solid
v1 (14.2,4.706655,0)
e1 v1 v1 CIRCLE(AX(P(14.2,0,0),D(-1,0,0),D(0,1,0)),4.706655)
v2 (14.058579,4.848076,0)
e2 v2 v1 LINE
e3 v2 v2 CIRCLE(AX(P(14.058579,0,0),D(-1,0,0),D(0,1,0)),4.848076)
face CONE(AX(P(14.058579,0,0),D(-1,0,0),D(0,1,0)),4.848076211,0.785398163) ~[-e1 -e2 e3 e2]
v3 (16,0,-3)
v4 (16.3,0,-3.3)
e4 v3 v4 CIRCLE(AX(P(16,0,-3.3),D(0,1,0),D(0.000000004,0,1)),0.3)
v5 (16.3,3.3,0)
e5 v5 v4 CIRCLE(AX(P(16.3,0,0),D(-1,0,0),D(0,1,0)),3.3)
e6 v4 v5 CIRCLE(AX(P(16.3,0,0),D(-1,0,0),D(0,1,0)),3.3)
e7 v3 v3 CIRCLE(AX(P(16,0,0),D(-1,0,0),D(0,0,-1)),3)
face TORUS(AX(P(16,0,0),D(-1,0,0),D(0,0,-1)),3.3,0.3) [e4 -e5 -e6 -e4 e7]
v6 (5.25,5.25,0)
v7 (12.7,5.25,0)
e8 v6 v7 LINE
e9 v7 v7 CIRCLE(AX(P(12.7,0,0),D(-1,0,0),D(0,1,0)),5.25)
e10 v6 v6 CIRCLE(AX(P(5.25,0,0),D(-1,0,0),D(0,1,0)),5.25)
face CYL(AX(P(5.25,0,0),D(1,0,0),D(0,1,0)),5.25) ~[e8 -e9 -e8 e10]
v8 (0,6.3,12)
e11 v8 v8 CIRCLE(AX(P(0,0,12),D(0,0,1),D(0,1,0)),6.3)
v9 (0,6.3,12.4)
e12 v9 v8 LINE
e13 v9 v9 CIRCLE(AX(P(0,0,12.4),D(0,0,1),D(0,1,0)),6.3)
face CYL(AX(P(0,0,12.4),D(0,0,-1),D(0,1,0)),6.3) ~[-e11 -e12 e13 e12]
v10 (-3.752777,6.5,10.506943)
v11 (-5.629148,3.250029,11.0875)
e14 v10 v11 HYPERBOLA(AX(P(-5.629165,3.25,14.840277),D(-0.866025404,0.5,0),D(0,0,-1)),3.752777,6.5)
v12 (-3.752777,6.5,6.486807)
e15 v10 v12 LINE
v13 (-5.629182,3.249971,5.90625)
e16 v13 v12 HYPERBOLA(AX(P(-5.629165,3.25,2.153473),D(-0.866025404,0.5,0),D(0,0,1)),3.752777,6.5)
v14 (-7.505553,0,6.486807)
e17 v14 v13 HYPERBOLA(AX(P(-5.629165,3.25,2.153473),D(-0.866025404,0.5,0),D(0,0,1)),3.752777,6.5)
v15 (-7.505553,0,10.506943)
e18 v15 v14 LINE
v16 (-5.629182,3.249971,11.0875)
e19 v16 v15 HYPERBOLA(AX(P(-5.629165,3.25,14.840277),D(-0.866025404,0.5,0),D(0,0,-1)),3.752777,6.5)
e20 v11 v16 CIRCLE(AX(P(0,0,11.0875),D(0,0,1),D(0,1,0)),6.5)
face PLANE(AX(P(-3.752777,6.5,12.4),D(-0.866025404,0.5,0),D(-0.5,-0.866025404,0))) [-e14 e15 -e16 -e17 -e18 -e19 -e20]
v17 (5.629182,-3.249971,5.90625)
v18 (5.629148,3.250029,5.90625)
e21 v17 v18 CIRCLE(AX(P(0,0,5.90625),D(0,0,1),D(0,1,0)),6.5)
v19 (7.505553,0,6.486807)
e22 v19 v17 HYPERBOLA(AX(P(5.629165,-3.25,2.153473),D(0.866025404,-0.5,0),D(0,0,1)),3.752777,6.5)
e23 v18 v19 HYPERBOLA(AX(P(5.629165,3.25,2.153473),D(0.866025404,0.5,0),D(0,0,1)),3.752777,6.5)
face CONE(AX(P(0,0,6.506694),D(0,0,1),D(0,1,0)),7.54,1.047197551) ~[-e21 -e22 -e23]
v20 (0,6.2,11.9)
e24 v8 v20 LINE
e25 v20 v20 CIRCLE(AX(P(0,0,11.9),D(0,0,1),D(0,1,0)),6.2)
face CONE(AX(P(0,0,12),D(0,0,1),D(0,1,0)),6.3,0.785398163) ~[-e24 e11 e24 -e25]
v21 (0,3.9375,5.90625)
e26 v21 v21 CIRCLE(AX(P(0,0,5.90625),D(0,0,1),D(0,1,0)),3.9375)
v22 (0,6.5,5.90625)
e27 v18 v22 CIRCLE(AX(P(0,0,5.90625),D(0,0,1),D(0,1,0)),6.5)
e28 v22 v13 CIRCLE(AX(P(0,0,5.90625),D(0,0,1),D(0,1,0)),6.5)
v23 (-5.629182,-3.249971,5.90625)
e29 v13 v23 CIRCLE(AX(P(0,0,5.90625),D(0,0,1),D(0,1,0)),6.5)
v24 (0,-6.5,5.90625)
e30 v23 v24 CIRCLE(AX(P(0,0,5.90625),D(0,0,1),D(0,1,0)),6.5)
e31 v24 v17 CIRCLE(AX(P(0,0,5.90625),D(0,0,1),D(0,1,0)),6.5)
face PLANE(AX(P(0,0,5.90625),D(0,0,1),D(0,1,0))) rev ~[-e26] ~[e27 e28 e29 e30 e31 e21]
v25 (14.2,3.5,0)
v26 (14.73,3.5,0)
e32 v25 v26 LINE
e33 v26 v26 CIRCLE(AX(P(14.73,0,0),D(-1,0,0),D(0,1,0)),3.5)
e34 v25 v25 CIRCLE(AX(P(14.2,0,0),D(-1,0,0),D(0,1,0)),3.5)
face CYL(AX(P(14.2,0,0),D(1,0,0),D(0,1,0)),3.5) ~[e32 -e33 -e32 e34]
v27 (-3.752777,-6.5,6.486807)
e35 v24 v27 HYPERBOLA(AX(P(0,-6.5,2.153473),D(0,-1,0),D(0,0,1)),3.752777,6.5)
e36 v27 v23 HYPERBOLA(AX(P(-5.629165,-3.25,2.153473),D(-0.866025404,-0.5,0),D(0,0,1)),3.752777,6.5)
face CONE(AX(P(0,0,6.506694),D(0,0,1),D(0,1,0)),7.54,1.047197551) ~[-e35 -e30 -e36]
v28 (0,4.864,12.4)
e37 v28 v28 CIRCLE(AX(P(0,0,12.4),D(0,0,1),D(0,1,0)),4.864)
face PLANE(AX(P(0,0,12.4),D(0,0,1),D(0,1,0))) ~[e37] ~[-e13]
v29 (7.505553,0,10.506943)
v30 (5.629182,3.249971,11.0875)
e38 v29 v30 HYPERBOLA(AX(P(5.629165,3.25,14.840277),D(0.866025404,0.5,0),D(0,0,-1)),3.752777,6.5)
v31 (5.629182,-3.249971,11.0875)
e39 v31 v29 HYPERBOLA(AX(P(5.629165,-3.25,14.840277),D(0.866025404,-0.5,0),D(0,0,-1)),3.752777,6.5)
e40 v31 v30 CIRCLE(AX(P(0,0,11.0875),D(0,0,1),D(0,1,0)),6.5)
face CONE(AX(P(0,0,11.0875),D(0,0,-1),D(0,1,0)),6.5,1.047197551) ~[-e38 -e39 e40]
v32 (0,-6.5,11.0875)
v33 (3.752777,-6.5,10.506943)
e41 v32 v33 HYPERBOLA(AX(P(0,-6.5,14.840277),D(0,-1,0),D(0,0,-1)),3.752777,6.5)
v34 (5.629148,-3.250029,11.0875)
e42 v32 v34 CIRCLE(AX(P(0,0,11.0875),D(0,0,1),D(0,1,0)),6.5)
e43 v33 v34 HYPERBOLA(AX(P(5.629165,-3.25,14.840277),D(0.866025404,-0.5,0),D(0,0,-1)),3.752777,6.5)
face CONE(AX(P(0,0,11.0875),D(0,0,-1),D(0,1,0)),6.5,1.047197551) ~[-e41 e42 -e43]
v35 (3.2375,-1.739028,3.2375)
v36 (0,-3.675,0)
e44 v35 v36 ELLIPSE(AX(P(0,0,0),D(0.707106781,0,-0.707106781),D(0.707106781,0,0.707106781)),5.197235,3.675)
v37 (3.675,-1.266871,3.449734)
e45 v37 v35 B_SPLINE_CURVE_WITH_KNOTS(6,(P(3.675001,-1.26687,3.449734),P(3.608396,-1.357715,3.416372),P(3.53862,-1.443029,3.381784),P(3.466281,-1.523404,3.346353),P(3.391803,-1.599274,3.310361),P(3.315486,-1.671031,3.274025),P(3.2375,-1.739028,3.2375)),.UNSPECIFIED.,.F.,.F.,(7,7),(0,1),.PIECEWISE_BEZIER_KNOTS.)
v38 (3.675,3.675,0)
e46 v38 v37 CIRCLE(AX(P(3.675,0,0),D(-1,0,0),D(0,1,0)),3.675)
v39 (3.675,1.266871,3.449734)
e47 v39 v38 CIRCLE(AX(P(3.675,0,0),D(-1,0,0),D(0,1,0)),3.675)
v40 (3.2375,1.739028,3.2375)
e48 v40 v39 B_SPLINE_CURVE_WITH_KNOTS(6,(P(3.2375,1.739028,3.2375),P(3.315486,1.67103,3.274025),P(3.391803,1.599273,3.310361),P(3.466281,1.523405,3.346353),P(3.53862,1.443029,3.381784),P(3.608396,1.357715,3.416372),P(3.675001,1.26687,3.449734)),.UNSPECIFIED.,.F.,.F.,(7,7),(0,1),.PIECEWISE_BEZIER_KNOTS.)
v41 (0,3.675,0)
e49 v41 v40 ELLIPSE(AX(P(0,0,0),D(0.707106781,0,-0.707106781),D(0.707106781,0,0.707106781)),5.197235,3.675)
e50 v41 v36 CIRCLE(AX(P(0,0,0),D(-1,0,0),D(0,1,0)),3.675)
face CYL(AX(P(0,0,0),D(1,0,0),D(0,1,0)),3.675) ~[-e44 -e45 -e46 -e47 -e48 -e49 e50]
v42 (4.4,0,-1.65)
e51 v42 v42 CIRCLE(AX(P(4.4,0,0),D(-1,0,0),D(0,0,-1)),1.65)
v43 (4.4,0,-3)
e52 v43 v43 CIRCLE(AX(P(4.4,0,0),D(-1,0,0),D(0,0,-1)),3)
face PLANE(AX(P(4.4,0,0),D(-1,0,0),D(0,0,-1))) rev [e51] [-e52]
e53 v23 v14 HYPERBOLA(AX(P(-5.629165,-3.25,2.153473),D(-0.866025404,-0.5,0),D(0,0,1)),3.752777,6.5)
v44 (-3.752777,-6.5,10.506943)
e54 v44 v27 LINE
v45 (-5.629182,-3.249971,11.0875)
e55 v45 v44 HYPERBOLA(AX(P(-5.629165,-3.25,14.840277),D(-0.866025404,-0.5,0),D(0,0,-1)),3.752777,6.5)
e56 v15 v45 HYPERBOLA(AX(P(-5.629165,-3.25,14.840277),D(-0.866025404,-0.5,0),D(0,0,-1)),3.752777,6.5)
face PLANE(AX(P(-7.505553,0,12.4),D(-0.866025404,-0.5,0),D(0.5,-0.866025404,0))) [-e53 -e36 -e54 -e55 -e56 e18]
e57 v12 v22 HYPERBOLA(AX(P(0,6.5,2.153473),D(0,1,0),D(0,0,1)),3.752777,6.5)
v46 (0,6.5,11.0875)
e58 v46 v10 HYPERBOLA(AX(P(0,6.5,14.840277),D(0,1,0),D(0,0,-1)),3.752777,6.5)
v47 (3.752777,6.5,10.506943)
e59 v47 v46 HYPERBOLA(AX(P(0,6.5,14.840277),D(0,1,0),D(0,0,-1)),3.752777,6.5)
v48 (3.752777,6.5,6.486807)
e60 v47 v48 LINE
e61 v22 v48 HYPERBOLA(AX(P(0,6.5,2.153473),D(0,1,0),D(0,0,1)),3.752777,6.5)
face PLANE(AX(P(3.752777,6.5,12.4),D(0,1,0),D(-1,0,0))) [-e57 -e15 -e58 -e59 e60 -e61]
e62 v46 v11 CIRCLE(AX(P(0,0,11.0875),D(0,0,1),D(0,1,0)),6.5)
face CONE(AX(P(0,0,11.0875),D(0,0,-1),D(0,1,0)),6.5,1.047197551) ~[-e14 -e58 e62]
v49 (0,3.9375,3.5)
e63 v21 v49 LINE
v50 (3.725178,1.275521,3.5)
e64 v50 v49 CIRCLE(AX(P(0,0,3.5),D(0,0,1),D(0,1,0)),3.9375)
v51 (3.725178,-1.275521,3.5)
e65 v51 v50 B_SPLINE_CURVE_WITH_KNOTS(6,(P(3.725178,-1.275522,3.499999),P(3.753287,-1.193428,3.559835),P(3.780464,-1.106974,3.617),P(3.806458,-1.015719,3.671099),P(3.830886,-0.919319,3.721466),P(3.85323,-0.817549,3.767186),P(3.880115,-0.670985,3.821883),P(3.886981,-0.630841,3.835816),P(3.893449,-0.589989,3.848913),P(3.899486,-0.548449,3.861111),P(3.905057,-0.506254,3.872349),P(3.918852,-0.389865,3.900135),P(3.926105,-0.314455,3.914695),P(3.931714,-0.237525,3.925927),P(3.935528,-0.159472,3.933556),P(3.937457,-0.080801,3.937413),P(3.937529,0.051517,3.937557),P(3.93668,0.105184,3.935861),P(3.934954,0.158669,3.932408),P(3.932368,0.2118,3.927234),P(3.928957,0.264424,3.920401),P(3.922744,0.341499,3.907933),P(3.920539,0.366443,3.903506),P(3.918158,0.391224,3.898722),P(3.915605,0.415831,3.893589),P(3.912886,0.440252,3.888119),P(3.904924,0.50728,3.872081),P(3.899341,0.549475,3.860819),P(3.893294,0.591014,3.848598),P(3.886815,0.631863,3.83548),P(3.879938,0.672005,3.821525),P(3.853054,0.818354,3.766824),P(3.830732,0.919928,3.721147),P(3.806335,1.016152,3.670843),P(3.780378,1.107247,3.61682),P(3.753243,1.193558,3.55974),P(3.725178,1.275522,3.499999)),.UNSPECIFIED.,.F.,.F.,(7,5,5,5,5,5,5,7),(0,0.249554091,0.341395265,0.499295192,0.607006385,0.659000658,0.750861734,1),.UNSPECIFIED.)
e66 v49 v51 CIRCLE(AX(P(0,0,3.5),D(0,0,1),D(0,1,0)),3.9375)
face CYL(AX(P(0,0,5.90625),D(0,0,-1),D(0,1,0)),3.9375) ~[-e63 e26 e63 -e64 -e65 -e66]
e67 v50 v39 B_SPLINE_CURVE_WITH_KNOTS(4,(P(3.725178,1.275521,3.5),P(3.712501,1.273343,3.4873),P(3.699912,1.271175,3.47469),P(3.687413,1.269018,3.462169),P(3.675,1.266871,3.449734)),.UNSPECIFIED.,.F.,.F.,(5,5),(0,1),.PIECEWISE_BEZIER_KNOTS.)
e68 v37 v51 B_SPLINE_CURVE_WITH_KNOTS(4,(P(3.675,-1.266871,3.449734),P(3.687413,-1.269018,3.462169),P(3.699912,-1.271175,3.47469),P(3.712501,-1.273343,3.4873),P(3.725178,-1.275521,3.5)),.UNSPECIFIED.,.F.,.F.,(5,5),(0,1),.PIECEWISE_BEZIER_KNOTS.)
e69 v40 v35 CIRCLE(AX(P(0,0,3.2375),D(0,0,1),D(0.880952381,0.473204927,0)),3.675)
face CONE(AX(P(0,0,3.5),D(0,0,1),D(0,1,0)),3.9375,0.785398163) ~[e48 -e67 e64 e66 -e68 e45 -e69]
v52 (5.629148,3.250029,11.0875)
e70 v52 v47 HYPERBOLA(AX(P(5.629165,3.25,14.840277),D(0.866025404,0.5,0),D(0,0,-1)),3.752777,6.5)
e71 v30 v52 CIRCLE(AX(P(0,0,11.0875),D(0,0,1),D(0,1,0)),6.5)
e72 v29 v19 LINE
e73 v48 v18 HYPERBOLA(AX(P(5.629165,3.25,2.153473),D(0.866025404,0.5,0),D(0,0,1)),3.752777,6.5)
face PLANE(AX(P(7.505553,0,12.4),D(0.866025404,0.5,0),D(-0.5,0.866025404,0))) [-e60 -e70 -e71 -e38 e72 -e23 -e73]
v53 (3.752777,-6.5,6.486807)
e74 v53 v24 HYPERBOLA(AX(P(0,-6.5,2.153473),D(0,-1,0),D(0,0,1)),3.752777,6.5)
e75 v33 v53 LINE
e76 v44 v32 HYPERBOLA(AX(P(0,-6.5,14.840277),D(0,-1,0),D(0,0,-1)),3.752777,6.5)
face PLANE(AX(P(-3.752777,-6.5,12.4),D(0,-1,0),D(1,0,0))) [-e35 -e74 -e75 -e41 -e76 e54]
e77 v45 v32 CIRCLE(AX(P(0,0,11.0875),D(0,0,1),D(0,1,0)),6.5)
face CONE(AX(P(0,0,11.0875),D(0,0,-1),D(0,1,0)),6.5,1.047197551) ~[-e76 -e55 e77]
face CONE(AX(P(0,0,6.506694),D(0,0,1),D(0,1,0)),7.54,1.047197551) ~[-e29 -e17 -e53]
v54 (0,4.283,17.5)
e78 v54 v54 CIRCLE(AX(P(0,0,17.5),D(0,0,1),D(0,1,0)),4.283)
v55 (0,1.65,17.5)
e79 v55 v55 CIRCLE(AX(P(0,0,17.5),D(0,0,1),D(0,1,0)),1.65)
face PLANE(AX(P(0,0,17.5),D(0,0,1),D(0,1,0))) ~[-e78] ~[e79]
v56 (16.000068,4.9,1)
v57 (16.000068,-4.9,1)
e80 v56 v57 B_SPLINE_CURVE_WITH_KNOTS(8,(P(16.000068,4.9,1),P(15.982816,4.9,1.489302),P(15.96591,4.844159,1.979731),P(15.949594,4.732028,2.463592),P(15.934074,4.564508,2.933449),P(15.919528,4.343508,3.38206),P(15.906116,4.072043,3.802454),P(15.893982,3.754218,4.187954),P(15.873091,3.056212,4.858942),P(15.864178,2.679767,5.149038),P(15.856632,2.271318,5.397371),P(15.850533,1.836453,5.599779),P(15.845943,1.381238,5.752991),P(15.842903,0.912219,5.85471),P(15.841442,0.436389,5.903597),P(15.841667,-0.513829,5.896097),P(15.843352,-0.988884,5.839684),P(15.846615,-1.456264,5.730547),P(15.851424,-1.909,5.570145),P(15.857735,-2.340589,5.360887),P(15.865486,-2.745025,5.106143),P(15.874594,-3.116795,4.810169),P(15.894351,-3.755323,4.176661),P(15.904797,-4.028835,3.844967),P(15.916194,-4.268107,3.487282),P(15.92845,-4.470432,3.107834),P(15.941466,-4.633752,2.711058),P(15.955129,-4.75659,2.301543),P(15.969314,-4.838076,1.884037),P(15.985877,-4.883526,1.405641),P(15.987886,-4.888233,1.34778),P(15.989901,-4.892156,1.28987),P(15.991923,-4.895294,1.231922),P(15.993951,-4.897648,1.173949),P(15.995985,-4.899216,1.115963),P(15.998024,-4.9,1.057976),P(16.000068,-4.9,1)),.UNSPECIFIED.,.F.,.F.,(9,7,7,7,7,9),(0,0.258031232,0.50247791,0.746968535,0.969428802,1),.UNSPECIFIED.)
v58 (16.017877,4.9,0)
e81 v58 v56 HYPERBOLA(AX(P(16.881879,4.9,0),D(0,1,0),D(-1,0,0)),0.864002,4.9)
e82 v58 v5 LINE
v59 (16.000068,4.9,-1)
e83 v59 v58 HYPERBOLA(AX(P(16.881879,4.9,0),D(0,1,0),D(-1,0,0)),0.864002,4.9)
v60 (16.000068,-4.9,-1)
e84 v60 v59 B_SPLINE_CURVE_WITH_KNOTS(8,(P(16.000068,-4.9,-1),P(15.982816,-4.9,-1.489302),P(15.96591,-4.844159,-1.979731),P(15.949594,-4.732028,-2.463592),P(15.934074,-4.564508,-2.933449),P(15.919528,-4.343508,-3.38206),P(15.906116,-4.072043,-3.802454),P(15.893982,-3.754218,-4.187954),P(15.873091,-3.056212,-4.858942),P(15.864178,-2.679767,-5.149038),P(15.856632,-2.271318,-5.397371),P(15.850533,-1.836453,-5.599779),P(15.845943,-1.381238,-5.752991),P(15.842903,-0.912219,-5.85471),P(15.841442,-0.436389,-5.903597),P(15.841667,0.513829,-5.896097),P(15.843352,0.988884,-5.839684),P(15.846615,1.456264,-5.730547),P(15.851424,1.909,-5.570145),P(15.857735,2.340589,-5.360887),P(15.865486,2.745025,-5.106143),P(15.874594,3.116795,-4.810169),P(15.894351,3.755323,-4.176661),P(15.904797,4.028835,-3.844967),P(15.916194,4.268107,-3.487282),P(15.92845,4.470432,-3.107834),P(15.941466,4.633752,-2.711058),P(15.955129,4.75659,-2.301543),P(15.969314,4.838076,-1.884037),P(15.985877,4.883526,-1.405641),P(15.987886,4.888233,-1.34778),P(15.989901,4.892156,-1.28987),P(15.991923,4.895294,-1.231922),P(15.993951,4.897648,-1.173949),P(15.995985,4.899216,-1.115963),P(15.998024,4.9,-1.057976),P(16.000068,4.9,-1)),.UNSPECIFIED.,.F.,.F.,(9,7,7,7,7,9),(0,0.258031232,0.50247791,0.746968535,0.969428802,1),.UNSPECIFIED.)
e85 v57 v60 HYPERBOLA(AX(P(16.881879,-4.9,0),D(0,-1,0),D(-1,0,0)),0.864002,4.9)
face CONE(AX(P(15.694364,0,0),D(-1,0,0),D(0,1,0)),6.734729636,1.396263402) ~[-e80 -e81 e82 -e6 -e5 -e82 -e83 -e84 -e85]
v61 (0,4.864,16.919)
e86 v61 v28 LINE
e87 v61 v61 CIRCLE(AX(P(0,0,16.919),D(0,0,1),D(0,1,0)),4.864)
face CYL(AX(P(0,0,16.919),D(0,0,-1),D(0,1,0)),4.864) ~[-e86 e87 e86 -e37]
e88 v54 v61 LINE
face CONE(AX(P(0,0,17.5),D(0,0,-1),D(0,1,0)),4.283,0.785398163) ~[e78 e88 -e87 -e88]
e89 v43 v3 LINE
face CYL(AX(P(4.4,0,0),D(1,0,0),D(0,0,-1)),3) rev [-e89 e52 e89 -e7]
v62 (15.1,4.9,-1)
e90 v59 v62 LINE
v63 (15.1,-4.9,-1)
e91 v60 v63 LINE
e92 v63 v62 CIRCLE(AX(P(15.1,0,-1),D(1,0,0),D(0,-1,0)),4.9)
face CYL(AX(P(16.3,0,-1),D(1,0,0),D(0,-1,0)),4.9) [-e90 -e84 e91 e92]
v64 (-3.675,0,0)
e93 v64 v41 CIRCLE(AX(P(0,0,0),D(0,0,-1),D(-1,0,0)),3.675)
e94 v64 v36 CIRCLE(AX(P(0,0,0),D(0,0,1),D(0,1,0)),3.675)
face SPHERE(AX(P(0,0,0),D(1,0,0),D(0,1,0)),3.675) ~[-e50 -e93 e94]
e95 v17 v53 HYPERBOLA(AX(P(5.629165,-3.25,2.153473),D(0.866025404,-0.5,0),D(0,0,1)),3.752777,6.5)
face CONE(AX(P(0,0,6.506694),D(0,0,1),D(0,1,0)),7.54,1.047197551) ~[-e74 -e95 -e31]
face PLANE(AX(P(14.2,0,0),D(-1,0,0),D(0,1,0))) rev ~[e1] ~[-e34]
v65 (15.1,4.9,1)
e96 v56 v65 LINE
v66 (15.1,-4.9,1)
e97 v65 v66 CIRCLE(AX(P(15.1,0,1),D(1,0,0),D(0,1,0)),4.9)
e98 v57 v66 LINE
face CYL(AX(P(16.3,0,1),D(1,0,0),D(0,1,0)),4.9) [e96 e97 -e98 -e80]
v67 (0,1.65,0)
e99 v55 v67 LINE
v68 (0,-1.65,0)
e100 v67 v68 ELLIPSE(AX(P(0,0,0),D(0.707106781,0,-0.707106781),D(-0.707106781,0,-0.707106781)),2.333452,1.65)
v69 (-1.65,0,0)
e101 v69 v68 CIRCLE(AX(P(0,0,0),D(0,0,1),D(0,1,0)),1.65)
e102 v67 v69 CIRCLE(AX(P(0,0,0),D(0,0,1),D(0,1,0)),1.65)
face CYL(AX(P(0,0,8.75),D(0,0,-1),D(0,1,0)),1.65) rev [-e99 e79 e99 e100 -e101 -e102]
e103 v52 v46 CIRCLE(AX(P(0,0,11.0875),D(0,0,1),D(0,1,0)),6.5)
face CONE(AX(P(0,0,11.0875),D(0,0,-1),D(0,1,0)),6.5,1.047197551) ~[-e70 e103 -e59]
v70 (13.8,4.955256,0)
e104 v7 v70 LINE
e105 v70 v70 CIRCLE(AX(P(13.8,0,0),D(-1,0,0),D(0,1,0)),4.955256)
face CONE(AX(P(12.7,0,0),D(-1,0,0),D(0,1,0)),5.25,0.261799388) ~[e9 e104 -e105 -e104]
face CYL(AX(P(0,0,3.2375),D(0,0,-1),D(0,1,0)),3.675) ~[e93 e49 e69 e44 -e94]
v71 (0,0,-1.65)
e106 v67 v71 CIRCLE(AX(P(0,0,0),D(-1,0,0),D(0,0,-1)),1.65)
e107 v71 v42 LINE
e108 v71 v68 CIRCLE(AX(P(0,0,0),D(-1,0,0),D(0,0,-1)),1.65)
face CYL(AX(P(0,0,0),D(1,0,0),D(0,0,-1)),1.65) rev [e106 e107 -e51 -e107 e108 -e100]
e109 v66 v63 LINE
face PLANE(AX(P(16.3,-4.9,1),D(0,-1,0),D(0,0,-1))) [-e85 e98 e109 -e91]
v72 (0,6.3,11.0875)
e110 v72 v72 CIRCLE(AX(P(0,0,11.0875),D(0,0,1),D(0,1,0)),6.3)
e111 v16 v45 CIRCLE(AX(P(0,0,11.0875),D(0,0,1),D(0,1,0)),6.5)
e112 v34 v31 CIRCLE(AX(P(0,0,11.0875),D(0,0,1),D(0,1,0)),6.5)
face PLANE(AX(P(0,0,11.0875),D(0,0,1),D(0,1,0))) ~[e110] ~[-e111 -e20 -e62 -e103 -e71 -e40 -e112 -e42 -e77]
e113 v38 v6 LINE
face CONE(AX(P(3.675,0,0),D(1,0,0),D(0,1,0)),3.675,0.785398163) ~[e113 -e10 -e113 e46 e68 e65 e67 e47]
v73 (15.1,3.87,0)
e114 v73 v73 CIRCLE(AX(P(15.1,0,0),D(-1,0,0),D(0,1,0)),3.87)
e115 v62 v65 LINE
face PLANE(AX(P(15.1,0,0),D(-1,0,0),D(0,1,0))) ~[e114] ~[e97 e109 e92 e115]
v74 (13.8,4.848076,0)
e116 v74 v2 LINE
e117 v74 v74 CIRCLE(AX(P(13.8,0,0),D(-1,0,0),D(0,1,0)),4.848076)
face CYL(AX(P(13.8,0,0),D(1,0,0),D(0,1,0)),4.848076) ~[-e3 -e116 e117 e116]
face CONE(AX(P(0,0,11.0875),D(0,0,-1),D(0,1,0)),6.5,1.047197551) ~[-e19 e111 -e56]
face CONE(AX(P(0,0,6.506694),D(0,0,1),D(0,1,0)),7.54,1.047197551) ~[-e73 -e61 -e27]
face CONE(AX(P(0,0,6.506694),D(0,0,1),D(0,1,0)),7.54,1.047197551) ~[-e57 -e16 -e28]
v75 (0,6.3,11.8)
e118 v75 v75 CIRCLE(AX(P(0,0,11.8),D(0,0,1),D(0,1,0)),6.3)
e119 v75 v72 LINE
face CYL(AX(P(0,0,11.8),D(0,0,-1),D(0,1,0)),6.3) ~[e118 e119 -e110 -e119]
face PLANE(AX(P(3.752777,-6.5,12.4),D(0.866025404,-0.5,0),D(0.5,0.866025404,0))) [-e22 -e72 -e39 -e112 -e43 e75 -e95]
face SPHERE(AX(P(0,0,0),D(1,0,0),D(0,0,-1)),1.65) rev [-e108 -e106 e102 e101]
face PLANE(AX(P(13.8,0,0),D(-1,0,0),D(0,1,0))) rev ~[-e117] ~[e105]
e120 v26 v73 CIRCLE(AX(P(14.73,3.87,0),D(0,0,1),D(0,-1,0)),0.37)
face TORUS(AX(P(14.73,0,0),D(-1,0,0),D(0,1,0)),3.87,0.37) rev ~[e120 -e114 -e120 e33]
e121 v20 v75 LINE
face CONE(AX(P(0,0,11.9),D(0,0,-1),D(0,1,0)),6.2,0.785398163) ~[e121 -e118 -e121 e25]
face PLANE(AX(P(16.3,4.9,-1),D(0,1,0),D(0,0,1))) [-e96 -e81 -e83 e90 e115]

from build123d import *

# Parameters (mm, degrees)
CUT_EXTRUDE1_DEPTH = 1.2
SKETCH6_W          = 17.5
SKETCH6_H          = 1.65
SKETCH7_W          = 26
SKETCH7_H          = 26
CUT_EXTRUDE2_DEPTH = 6.566666667


with BuildPart() as part:
    # Sketch1 → Revolve1 (revolve)
    with BuildSketch(Plane.XY):
        with BuildLine():
            Line((0, 3.675), (3.675, 3.675))
            Line((3.675, 3.675), (5.25, 5.25))
            Line((5.25, 5.25), (12.7, 5.25))
            Line((12.7, 5.25), (13.8, 4.955255888))
            Line((13.8, 4.955255888), (13.8, 4.848076211))
            Line((13.8, 4.848076211), (14.058578644, 4.848076211))
            Line((14.058578644, 4.848076211), (14.2, 4.706654855))
            Line((14.2, 4.706654855), (14.2, 3.5))
            Line((14.2, 3.5), (14.73, 3.5))
            ThreePointArc((14.73, 3.5), (14.991629509, 3.608370491), (15.1, 3.87))
            Line((15.1, 3.87), (15.1, 6.9))
            Line((15.1, 6.9), (15.497402943, 6.9))
            ThreePointArc((15.497402943, 6.9), (15.625960465, 6.853208889), (15.694364494, 6.734729636))
            Line((15.694364494, 6.734729636), (16.3, 3.3))
            Line((16.3, 3.3), (16.3, 0))
            Line((16.3, 0), (-3.675, 0))
            ThreePointArc((-3.675, 0), (-2.598617421, 2.598617421), (0, 3.675))
        make_face()
    revolve(axis=Axis((16.3, 0, 0), (-1, 0, 0)))

    # Sketch2 → Revolve2 (revolve)
    with BuildSketch(Plane(origin=(0, 0, 0), x_dir=(0, 0, -1), z_dir=(1, 0, 0))):
        Polygon((-12.4, 0), (-12.4, 6.3), (-12, 6.3), (-11.9, 6.2), (-11.8, 6.3), (-11.0875, 6.3), (-11.0875, 6.5), (-10.48705572, 7.54), (-6.50669428, 7.54), (-5.90625, 6.5), (-5.90625, 3.9375), (-3.5, 3.9375), (-3.2375, 3.675), (0, 3.675), (0, 0), align=None)
    revolve(axis=Axis((0, 0, 0), (0, 0, 1)))

    # Sketch3 → Revolve3 (revolve)
    with BuildSketch(Plane(origin=(0, 0, 0), x_dir=(0, 0, -1), z_dir=(1, 0, 0))):
        Polygon((-17.5, 0), (-17.5, 4.283), (-16.919, 4.864), (-12.4, 4.864), (-12.4, 0), align=None)
    revolve(axis=Axis((0, 0, 12.4), (0, 0, 1)))

    # Sketch4 → Cut-Extrude1 (cut)
    with BuildSketch(Plane(origin=(16.3, 0, 0), x_dir=(0, 0, -1), z_dir=(1, 0, 0))):
        Polygon((-11.8, -6.812733176), (0, -13.625466353), (11.8, -6.812733176), (11.8, 6.812733176), (0, 13.625466353), (-11.8, 6.812733176), align=None)
        with BuildLine():
            Line((-1, -4.9), (1, -4.9))
            ThreePointArc((1, -4.9), (5.9, 0), (1, 4.9))
            Line((1, 4.9), (-1, 4.9))
            ThreePointArc((-1, 4.9), (-5.9, 0), (-1, -4.9))
        make_face(mode=Mode.SUBTRACT)
    extrude(amount=-CUT_EXTRUDE1_DEPTH, mode=Mode.SUBTRACT)

    # Sketch6 → Cut-Revolve1 (revolve, cut)
    with BuildSketch(Plane(origin=(0, 0, 0), x_dir=(0, 0, -1), z_dir=(1, 0, 0))):
        with Locations((-8.75, 0.825)):
            Rectangle(SKETCH6_W, SKETCH6_H)
    revolve(axis=Axis((0, 0, 0), (0, 0, 1)), mode=Mode.SUBTRACT)

    # Sketch5 → Cut-Revolve2 (revolve, cut)
    with BuildSketch(Plane(origin=(0, 0, 0), x_dir=(1, 0, 0), z_dir=(0, 1, 0))):
        with BuildLine():
            Line((0, 1.65), (4.4, 1.65))
            Line((4.4, 1.65), (4.4, 3))
            Line((4.4, 3), (16, 3))
            ThreePointArc((16, 3), (16.212132034, 3.087867966), (16.3, 3.3))
            Line((16.3, 3.3), (16.3, 0))
            Line((16.3, 0), (-1.65, 0))
            ThreePointArc((-1.65, 0), (-1.166726189, 1.166726189), (0, 1.65))
        make_face()
    revolve(axis=Axis((16.3, 0, 0), (-1, 0, 0)), mode=Mode.SUBTRACT)

    # Sketch7 → Cut-Extrude2 (cut)
    with BuildSketch(Plane.XY.offset(12.4)):
        Rectangle(SKETCH7_W, SKETCH7_H)
        Polygon((-7.505553499, 0), (-3.75277675, -6.5), (3.75277675, -6.5), (7.505553499, 0), (3.75277675, 6.5), (-3.75277675, 6.5), align=None, mode=Mode.SUBTRACT)
    extrude(amount=-CUT_EXTRUDE2_DEPTH, mode=Mode.SUBTRACT)


solid = part.part
